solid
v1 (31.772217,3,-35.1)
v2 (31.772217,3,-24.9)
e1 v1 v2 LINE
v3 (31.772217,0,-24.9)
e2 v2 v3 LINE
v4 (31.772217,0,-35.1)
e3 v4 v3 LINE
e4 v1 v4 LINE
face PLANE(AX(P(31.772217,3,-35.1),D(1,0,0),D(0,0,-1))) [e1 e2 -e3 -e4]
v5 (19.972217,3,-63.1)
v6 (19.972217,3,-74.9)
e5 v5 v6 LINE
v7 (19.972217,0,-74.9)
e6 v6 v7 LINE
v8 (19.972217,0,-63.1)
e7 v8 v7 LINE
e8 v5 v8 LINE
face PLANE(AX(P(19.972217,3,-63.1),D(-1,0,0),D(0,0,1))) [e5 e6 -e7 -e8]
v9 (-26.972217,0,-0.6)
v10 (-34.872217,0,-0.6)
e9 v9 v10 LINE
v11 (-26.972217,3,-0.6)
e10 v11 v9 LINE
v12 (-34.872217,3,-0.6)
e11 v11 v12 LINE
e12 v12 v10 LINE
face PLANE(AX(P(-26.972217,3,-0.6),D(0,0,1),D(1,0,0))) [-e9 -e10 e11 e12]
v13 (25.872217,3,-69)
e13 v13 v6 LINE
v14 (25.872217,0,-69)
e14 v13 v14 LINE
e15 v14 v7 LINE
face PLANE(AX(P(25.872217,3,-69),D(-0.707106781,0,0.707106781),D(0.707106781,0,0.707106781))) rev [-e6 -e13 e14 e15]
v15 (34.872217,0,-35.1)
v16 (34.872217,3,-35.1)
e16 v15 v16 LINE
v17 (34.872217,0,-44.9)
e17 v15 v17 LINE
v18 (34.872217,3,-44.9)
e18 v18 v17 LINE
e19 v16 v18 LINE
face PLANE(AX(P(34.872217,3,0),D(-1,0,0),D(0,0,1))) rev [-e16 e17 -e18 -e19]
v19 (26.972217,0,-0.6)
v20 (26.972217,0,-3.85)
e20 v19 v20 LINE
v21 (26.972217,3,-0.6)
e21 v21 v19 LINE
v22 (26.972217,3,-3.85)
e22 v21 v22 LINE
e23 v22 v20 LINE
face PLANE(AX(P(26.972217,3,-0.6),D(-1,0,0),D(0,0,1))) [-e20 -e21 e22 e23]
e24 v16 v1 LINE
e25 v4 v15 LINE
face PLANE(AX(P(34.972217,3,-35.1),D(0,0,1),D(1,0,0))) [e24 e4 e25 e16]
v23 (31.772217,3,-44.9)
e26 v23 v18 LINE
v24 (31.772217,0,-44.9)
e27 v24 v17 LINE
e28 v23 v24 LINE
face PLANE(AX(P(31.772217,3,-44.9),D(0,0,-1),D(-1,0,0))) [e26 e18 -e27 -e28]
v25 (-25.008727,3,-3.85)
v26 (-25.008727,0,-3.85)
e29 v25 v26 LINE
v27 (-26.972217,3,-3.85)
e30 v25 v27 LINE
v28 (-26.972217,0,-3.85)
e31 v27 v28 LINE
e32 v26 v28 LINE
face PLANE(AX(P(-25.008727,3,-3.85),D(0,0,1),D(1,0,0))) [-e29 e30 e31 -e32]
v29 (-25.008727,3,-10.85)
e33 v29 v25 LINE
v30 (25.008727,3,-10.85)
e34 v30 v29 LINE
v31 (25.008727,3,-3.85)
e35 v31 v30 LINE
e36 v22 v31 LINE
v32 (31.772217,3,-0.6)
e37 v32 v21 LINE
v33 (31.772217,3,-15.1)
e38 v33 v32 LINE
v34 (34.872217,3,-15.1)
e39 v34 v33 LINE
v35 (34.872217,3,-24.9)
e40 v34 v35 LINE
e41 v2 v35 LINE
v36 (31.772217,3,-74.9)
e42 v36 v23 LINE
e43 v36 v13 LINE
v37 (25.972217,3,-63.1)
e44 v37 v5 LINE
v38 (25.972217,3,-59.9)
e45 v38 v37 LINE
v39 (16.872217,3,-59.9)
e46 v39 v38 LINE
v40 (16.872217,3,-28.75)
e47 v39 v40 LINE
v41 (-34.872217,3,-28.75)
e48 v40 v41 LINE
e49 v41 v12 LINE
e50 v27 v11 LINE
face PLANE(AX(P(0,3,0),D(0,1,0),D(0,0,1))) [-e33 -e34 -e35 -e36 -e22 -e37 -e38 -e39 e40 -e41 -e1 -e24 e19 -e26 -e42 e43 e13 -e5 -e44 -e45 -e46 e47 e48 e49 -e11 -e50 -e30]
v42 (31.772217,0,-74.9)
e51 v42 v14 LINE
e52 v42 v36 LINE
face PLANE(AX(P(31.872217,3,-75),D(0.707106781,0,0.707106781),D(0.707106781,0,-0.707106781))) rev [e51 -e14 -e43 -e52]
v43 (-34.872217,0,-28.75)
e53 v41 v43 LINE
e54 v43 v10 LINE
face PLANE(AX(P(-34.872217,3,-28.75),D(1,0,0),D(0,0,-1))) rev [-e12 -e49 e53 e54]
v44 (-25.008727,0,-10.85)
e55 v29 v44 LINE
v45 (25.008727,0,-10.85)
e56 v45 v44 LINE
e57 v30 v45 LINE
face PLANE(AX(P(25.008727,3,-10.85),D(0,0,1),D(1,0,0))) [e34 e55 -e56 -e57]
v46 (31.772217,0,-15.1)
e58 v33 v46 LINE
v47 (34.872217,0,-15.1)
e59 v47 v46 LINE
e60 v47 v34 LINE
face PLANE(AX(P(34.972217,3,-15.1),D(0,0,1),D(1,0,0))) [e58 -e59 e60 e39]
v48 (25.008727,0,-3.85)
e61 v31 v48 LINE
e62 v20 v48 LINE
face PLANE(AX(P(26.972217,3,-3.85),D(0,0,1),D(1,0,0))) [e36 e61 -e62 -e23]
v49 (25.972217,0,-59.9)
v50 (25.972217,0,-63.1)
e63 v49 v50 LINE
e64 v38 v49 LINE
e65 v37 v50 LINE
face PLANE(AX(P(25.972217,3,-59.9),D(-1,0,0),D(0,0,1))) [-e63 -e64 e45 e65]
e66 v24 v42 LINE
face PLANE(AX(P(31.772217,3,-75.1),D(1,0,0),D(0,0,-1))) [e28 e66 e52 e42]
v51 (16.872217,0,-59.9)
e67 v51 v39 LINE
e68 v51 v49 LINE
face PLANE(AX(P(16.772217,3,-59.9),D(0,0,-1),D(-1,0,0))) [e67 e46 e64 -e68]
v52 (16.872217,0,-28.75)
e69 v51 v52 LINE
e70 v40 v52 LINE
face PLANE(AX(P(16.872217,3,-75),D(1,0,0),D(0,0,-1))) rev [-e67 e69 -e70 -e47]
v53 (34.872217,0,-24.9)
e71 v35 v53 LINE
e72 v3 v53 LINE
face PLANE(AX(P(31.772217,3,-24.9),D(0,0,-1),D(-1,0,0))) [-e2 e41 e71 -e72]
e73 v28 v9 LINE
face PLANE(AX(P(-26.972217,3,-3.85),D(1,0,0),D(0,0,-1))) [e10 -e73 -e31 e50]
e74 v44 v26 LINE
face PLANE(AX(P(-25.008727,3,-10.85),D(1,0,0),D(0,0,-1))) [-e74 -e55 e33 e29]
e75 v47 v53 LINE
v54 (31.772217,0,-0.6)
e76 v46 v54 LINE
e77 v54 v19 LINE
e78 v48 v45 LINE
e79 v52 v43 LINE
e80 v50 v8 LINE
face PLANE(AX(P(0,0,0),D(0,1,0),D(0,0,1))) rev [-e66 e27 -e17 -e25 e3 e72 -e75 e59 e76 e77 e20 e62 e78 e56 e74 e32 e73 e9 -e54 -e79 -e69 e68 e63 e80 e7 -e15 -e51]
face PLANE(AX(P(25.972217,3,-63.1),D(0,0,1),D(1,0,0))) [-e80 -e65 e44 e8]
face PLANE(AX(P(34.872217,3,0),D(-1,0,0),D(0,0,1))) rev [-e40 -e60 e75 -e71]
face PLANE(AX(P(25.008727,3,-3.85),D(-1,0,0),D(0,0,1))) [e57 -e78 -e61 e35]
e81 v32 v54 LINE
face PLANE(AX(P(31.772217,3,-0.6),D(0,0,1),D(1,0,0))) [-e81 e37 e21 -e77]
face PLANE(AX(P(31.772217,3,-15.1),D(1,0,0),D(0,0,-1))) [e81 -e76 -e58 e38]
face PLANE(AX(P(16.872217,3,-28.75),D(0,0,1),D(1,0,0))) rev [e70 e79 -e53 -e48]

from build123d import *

# Parameters (mm, degrees)
BOSS_EXTRUDE1_DEPTH = 3
SKETCH6_W           = 3.2
SKETCH6_H           = 30.2
SKETCH6_H_2         = 10.2
CUT_EXTRUDE3_DEPTH  = 4


with BuildPart() as part:
    # Sketch1 → Boss-Extrude1 (new body)
    with BuildSketch(Plane(origin=(0, 0, 0), x_dir=(1, 0, 0), z_dir=(0, 1, 0))):
        Polygon((-34.872217102, 0), (34.872217102, 0), (34.872217102, 75), (31.872217102, 75), (25.872217102, 69), (19.872217102, 75), (16.872217102, 75), (16.872217102, 28.75), (-34.872217102, 28.75), align=None)
    extrude(amount=BOSS_EXTRUDE1_DEPTH)

    # Sketch6 → Cut-Extrude3 (cut, through all)
    with BuildSketch(Plane(origin=(0, 0, 0), x_dir=(1, 0, 0), z_dir=(0, 1, 0))):
        with Locations((33.372217102, 60)):
            Rectangle(SKETCH6_W, SKETCH6_H)
        with Locations((33.372217102, 30)):
            Rectangle(SKETCH6_W, SKETCH6_H_2)
        Polygon((25.972217102, 63.1), (19.972217102, 63.1), (19.972217102, 75.1), (16.772217102, 75.1), (16.772217102, 59.9), (25.972217102, 59.9), align=None)
        Polygon((34.972217102, -0.1), (34.972217102, 15.1), (31.772217102, 15.1), (31.772217102, 0.6), (26.972217102, 0.6), (26.972217102, 3.85), (25.008726501, 3.85), (25.008726501, 10.85), (-25.008726501, 10.85), (-25.008726501, 3.85), (-26.972217102, 3.85), (-26.972217102, 0.6), (-34.972217102, 0.6), (-34.972217102, -0.1), align=None)
    extrude(amount=CUT_EXTRUDE3_DEPTH, mode=Mode.SUBTRACT)


solid = part.part
